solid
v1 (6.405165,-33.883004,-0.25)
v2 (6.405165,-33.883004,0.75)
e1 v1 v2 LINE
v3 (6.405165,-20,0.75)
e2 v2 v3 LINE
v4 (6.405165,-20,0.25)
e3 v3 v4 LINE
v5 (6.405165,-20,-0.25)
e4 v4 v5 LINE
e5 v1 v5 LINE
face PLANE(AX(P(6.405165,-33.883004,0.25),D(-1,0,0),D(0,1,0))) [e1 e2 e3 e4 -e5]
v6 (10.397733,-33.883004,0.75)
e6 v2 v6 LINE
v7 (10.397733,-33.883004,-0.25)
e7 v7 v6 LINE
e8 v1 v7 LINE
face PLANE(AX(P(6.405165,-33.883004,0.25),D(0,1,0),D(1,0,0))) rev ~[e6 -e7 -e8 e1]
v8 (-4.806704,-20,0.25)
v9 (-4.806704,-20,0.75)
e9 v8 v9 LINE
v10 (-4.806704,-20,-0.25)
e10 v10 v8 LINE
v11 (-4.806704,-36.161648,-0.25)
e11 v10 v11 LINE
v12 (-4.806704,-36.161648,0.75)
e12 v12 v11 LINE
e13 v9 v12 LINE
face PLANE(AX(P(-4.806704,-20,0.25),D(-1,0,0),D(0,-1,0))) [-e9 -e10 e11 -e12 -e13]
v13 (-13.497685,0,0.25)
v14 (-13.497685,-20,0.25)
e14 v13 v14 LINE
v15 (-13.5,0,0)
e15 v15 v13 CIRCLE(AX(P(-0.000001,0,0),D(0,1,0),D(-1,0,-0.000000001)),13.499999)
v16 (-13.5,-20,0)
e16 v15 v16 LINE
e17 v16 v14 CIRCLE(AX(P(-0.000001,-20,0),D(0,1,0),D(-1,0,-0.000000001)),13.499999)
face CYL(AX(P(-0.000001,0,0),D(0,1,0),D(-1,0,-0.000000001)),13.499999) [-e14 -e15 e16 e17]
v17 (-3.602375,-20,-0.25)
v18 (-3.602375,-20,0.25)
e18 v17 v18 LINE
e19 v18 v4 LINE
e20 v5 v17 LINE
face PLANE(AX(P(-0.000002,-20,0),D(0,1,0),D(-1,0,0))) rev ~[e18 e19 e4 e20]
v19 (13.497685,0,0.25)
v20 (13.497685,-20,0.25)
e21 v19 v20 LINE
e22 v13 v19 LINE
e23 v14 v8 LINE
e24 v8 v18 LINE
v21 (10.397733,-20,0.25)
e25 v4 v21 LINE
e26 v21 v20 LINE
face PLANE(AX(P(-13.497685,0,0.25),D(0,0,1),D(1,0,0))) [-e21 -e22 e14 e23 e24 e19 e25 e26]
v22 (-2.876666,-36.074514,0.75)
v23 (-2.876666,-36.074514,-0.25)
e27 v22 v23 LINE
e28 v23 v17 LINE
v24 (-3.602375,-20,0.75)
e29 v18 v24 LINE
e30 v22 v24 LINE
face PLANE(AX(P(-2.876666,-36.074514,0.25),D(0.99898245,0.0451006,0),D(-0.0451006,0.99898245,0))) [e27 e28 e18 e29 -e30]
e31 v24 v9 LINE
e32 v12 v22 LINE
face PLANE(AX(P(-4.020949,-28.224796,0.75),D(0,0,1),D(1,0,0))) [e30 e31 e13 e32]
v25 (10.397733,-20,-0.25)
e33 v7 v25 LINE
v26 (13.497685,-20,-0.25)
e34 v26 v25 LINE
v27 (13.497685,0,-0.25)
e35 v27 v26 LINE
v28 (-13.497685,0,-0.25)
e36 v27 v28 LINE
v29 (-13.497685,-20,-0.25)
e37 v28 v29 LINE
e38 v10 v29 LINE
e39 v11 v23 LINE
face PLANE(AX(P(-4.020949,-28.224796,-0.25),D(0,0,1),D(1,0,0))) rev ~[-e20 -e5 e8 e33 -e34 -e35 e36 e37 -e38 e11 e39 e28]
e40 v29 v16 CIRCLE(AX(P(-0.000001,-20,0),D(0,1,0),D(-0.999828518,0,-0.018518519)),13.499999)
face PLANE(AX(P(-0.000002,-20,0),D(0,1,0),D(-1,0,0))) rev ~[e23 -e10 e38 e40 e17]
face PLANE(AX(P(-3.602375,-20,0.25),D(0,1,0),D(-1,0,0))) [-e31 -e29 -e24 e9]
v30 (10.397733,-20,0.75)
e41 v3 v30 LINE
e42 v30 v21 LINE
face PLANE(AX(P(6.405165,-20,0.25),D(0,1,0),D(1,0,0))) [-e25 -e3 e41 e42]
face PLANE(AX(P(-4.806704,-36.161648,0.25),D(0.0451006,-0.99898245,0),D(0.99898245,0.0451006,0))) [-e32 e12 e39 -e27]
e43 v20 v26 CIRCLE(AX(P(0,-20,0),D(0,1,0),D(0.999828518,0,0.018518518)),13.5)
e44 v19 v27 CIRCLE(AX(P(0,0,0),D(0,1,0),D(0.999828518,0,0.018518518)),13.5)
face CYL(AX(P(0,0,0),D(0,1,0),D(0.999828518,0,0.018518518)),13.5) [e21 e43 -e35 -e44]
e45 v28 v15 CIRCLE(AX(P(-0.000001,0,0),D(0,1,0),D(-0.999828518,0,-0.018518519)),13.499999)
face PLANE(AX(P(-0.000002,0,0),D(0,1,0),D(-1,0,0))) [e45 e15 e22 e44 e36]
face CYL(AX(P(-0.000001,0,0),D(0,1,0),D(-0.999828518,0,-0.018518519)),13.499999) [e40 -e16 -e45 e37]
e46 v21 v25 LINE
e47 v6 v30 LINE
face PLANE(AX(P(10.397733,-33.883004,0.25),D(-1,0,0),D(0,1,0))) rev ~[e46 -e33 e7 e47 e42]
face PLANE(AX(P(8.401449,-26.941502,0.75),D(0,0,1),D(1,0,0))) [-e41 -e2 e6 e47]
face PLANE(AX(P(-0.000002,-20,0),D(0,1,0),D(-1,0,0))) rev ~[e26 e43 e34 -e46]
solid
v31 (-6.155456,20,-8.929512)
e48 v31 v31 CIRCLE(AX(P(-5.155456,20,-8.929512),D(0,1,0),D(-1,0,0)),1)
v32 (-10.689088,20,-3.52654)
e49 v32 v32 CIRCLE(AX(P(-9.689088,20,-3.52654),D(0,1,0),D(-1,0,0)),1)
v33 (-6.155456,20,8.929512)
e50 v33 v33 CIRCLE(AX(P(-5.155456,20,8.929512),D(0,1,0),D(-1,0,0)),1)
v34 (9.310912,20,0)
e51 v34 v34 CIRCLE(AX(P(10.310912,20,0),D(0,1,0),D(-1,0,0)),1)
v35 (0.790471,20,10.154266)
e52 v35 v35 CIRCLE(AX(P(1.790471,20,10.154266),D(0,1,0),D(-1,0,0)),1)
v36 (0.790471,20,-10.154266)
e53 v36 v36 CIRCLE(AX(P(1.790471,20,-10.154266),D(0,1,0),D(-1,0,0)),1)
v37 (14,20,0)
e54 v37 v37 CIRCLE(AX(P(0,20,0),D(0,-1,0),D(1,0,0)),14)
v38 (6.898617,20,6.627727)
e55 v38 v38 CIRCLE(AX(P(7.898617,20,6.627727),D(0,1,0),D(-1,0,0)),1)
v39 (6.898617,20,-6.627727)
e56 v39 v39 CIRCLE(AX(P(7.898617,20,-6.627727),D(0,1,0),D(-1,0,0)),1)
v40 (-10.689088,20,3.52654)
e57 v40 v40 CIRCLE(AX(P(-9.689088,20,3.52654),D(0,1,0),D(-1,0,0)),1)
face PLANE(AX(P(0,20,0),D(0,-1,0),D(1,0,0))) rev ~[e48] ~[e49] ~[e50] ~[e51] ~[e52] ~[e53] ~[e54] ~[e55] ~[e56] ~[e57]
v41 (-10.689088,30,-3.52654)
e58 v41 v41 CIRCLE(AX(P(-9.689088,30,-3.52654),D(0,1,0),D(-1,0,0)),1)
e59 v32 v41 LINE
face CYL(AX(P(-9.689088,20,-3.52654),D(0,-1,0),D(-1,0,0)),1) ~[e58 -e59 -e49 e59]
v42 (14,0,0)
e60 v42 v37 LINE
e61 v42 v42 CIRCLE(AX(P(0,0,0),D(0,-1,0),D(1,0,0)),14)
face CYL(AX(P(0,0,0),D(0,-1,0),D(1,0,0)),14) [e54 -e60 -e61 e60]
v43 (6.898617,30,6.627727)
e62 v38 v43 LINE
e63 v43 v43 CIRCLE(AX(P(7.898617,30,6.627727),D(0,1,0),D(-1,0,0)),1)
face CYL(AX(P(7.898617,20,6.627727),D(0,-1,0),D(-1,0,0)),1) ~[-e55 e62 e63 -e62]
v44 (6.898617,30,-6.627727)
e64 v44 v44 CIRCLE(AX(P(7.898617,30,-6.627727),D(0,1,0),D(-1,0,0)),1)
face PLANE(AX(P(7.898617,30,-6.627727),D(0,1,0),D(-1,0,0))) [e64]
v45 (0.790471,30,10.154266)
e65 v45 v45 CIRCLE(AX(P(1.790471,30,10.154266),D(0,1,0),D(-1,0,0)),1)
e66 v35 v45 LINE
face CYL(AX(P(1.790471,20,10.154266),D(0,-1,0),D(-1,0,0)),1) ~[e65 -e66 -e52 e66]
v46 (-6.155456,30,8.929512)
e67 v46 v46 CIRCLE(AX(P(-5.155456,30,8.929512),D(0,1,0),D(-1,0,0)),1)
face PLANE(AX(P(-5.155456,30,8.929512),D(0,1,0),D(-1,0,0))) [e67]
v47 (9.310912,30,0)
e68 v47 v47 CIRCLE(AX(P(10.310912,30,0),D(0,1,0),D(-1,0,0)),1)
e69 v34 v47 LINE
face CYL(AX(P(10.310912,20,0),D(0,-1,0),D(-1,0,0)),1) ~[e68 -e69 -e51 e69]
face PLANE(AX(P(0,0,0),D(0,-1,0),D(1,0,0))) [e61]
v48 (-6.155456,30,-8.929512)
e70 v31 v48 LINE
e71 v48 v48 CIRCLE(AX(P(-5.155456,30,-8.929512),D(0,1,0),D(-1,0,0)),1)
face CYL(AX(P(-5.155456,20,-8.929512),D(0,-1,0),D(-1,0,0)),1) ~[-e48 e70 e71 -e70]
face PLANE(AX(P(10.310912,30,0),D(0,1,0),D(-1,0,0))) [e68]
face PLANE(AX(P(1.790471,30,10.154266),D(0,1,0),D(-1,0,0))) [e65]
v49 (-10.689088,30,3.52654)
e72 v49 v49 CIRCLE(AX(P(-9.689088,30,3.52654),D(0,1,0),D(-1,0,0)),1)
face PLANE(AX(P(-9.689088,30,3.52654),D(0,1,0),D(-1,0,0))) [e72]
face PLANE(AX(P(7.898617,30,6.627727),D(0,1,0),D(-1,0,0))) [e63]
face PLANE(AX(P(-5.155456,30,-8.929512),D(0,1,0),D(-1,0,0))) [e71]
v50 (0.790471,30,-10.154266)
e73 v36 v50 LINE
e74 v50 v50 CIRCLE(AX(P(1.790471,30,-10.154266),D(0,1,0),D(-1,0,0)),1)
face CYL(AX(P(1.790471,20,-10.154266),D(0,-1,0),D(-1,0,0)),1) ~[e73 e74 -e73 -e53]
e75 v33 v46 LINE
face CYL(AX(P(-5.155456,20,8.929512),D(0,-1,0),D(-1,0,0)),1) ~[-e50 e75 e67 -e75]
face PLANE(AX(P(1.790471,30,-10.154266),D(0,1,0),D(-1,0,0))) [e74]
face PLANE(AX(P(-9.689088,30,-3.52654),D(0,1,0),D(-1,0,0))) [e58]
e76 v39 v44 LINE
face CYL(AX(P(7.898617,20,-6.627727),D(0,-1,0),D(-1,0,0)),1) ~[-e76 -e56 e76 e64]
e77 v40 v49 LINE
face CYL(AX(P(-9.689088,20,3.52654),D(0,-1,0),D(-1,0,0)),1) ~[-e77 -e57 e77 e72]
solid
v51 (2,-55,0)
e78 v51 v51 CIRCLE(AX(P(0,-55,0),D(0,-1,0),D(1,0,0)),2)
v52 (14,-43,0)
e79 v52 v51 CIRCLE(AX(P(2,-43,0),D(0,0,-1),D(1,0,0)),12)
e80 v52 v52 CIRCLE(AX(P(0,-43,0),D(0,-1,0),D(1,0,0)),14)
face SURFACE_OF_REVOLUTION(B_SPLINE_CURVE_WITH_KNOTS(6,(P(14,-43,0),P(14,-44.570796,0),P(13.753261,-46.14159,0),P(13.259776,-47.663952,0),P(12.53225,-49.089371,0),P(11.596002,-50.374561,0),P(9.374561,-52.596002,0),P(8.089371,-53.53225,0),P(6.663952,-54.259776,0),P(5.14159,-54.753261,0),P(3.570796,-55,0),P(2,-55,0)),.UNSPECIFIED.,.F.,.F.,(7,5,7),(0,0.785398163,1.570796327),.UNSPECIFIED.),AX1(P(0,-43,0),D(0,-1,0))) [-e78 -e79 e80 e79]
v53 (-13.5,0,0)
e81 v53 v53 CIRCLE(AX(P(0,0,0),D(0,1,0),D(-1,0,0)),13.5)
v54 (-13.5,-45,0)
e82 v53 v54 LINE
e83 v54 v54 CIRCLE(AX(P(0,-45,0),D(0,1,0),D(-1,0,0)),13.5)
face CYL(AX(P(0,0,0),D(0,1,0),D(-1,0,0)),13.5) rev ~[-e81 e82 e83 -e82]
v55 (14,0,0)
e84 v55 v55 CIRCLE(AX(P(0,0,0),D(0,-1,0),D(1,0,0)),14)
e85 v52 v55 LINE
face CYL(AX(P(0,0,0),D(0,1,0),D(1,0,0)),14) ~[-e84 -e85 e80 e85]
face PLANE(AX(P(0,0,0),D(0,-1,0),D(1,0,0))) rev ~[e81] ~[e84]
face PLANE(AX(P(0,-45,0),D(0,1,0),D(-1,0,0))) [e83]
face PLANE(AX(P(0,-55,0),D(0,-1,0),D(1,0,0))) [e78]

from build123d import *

# Parameters (mm, degrees)
F0_R      = 14
F1_DEPTH  = 25
F2_DEPTH  = 55
F3_R      = 12
F4_R      = 13.5
F5_DEPTH  = 45
F7_DEPTH  = 20
F8_W      = 3.9925682358
F8_H      = 13.8830037415
F9_DEPTH  = 0.5
F10_R     = 14
F11_DEPTH = 20
F12_R     = 1
F13_DEPTH = 10


with BuildPart() as f1:
    # F0 (on Front) → F1 (new body)
    with BuildSketch(Plane.XZ):
        Circle(F0_R)
    extrude(amount=F1_DEPTH)

    # F0 (on Front) → F2 (join)
    with BuildSketch(Plane.XZ):
        Circle(F0_R)
    extrude(amount=F2_DEPTH)

    # F3
    f3_edges = [f1.edges().sort_by_distance(p)[0] for p in [
        (-14, -55, 0),
    ]]
    fillet(f3_edges, radius=F3_R)

    # F4 (on face) → F5 (cut)
    with BuildSketch(Plane(origin=(0, 0, 0), x_dir=(-1, 0, 0), z_dir=(0, 1, 0))):
        Circle(F4_R)
    extrude(amount=-F5_DEPTH, mode=Mode.SUBTRACT)


with BuildPart() as f7:
    # F6 (on face) → F7 (new body)
    with BuildSketch(Plane(origin=(0, 0, 0), x_dir=(-1, 0, 0), z_dir=(0, 1, 0))):
        with BuildLine():
            Line((13.4976849867, 0.25), (-13.4976849867, 0.25))
            ThreePointArc((-13.4976849867, 0.25), (-13.5, 0), (-13.4976849867, -0.25))
            Line((-13.4976849867, -0.25), (-12.0585767334, -0.25))
            Line((-12.0585767334, -0.25), (13.4976849867, -0.25))
            ThreePointArc((13.4976849867, -0.25), (13.4994212343, -0.1250053592), (13.5, 0))
            ThreePointArc((13.5, 0), (13.4994212343, 0.1250053592), (13.4976849867, 0.25))
        make_face()
    extrude(amount=-F7_DEPTH)

    # F8 (on face) → F9 (join, symmetric)
    with BuildSketch(Plane.XY.offset(0.25)):
        with Locations((8.4014490712, -26.9415018708)):
            Rectangle(F8_W, F8_H)
        Polygon((-2.8766661417, -36.074513793), (-3.6023748107, -20), (-4.8067043235, -20), (-4.8067043235, -36.1616483377), align=None)
    extrude(amount=F9_DEPTH, both=True)


with BuildPart() as f11:
    # F10 (on face) → F11 (new body)
    with BuildSketch(Plane.XZ):
        Circle(F10_R)
    extrude(amount=-F11_DEPTH)

    # F12 (on face) → F13 (join)
    with BuildSketch(Plane(origin=(0, 20, 0), x_dir=(-1, 0, 0), z_dir=(0, 1, 0))):
        with Locations((5.1554560206, -8.9295117639)):
            Circle(F12_R)
        with Locations((9.6890879587, -3.5265396142)):
            Circle(F12_R)
        with Locations((9.6890879587, 3.5265396142)):
            Circle(F12_R)
        with Locations((5.1554560206, 8.9295117639)):
            Circle(F12_R)
        with Locations((-1.790471086, 10.1542661189)):
            Circle(F12_R)
        with Locations((-7.8986168727, 6.6277265047)):
            Circle(F12_R)
        with Locations((-10.3109120413, 0)):
            Circle(F12_R)
        with Locations((-7.8986168727, -6.6277265047)):
            Circle(F12_R)
        with Locations((-1.790471086, -10.1542661189)):
            Circle(F12_R)
    extrude(amount=F13_DEPTH)


solid = Compound([f1.part, f7.part, f11.part])
